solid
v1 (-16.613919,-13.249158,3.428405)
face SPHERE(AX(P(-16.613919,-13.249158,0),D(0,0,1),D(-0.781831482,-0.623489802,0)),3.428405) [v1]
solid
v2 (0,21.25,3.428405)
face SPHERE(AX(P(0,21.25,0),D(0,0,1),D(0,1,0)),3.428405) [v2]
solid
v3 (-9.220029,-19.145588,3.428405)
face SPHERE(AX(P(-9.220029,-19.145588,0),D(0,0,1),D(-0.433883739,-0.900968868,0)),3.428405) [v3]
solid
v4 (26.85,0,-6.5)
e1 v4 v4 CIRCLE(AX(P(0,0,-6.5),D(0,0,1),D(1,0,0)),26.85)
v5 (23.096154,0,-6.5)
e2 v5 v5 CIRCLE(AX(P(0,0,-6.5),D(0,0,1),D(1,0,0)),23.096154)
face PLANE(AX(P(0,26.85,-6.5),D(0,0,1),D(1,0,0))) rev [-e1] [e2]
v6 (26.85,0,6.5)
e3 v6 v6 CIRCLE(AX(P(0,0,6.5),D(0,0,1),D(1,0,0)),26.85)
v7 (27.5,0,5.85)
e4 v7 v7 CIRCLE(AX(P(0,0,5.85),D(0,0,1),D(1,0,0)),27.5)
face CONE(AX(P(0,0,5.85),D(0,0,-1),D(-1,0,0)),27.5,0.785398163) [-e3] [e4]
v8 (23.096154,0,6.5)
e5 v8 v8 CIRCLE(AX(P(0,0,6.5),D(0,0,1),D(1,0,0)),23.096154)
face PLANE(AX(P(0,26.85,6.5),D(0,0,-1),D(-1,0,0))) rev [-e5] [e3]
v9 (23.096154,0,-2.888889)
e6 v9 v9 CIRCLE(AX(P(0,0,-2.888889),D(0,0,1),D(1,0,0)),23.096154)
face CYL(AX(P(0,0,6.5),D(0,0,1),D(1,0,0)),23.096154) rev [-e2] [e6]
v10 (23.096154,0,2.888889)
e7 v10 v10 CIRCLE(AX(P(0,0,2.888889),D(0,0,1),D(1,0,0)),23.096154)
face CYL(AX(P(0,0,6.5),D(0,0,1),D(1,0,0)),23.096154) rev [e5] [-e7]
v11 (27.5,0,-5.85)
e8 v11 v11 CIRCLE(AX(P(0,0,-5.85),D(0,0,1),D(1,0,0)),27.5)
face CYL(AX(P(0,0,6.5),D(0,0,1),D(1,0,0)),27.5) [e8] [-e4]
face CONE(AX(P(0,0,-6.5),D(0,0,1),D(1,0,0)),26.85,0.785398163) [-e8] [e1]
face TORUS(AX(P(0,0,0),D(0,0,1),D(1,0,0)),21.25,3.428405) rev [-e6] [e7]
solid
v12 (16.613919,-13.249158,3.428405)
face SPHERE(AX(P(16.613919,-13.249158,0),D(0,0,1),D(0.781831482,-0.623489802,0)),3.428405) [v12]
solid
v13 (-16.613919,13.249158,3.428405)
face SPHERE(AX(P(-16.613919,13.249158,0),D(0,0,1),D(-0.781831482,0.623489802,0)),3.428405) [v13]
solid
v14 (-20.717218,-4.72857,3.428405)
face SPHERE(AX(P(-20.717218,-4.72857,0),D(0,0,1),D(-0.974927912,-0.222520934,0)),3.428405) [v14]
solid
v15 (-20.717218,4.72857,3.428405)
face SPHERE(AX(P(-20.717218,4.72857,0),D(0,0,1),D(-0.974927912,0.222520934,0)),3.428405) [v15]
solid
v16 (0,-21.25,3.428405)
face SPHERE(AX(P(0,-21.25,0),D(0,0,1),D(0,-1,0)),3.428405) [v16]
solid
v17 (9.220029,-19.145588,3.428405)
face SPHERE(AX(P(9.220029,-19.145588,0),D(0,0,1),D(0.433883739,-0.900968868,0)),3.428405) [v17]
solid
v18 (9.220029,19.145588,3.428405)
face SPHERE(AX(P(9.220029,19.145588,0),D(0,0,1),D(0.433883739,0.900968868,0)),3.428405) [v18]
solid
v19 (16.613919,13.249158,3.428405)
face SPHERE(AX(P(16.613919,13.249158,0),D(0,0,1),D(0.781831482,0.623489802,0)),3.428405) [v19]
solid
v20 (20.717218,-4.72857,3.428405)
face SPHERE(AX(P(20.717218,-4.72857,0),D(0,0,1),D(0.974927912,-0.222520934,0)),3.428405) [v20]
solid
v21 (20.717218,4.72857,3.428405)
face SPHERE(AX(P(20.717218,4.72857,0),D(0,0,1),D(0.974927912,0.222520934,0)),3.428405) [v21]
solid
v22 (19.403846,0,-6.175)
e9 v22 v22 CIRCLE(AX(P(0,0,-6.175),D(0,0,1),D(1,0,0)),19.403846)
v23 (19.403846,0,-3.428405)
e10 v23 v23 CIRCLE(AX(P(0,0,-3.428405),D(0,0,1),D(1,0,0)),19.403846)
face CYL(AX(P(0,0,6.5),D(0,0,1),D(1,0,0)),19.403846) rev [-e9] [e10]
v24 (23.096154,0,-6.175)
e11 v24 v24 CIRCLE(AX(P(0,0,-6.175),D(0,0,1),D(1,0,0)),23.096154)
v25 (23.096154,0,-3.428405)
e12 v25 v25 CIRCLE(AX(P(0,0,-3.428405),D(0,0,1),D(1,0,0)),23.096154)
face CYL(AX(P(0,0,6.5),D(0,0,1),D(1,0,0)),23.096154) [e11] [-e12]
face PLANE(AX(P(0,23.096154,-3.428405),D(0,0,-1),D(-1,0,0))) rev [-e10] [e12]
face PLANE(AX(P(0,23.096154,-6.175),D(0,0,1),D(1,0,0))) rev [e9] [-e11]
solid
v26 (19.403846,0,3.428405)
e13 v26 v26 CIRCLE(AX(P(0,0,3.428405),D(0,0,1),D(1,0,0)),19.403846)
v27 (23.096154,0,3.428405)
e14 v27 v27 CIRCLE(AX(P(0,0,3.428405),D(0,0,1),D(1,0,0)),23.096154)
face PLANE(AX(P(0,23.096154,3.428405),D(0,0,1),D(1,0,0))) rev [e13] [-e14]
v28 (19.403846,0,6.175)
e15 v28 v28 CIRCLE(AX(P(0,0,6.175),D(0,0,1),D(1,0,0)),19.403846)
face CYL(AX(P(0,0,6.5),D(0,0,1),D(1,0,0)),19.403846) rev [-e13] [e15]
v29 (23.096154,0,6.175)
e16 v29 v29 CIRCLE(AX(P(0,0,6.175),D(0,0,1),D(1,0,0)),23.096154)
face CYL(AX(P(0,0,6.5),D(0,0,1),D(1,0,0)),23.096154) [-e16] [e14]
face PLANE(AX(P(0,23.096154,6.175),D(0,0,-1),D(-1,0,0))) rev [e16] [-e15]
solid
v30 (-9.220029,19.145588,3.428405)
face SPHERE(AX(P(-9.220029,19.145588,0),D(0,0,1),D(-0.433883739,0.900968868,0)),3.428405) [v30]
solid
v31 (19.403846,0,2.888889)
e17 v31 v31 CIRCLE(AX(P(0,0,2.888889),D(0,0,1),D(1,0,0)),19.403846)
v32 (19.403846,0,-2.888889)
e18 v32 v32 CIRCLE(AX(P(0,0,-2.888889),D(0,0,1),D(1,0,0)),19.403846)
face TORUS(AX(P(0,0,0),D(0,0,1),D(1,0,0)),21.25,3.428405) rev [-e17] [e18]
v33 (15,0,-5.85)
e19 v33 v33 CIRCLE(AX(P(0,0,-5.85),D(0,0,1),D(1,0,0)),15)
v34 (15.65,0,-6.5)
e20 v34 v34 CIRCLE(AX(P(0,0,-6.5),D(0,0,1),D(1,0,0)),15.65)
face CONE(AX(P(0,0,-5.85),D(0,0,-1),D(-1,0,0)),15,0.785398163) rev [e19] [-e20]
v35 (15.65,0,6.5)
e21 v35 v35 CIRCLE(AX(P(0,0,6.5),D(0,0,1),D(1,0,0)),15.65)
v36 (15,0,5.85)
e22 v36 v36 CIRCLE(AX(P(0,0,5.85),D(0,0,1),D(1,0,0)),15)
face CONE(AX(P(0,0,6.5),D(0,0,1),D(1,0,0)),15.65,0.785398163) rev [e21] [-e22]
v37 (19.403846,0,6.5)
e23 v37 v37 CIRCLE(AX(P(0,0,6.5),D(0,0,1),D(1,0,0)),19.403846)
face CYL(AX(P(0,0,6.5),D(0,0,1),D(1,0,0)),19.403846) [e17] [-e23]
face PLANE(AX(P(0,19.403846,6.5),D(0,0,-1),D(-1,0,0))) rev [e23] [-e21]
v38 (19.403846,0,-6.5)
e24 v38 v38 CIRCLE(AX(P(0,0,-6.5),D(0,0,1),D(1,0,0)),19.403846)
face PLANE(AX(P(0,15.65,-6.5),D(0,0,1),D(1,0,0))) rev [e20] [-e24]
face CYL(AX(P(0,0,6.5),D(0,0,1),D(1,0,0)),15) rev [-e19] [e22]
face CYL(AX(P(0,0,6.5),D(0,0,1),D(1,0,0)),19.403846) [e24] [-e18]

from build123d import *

# Parameters (mm, degrees)
CIRPATTERN1_COUNT = 14
SKETCH6_W         = 2.74659468
SKETCH6_H         = 3.692307692


with BuildPart() as part:
    # Sketch1 → Revolve1 (revolve)
    with BuildSketch(Plane(origin=(0, 0, 0), x_dir=(0, 0, -1), z_dir=(1, 0, 0))):
        with BuildLine():
            Line((5.85, 27.5), (-5.85, 27.5))
            Line((-5.85, 27.5), (-6.5, 26.85))
            Line((-6.5, 26.85), (-6.5, 23.096153846))
            Line((-6.5, 23.096153846), (-2.888888889, 23.096153846))
            ThreePointArc((-2.888888889, 23.096153846), (0, 24.67840532), (2.888888889, 23.096153846))
            Line((2.888888889, 23.096153846), (6.5, 23.096153846))
            Line((6.5, 23.096153846), (6.5, 26.85))
            Line((6.5, 26.85), (5.85, 27.5))
        make_face()
    revolve(axis=Axis((0, 0, 6.5), (0, 0, -1)))


with BuildPart() as body_2:
    # Sketch3 → Revolve3 (revolve)
    with BuildSketch(Plane(origin=(0, 0, 0), x_dir=(0, 0, -1), z_dir=(1, 0, 0))):
        with BuildLine():
            Line((-6.5, 19.403846154), (-2.888888889, 19.403846154))
            ThreePointArc((-2.888888889, 19.403846154), (0, 17.82159468), (2.888888889, 19.403846154))
            Line((2.888888889, 19.403846154), (6.5, 19.403846154))
            Line((6.5, 19.403846154), (6.5, 15.65))
            Line((6.5, 15.65), (5.85, 15))
            Line((5.85, 15), (-5.85, 15))
            Line((-5.85, 15), (-6.5, 15.65))
            Line((-6.5, 15.65), (-6.5, 19.403846154))
        make_face()
    revolve(axis=Axis((0, 0, 6.5), (0, 0, -1)))


with BuildPart() as body_3:
    # Sketch4 → Revolve4 (revolve)
    with BuildSketch(Plane(origin=(0, 0, 0), x_dir=(0, 0, -1), z_dir=(1, 0, 0))):
        with BuildLine():
            Line((-3.42840532, 21.25), (3.42840532, 21.25))
            ThreePointArc((3.42840532, 21.25), (0, 24.67840532), (-3.42840532, 21.25))
        make_face()
    revolve(axis=Axis((0, 21.25, 3.42840532), (0, 0, -1)))


with BuildPart() as cirpattern1_1:
    # CirPattern1: pattern copy
    add(body_3.part.rotate(Axis((0, 0, -6.5), (0, 0, 1)), 1 * 360 / CIRPATTERN1_COUNT))


with BuildPart() as cirpattern1_2:
    # CirPattern1: pattern copy
    add(body_3.part.rotate(Axis((0, 0, -6.5), (0, 0, 1)), 2 * 360 / CIRPATTERN1_COUNT))


with BuildPart() as cirpattern1_3:
    # CirPattern1: pattern copy
    add(body_3.part.rotate(Axis((0, 0, -6.5), (0, 0, 1)), 3 * 360 / CIRPATTERN1_COUNT))


with BuildPart() as cirpattern1_4:
    # CirPattern1: pattern copy
    add(body_3.part.rotate(Axis((0, 0, -6.5), (0, 0, 1)), 4 * 360 / CIRPATTERN1_COUNT))


with BuildPart() as cirpattern1_5:
    # CirPattern1: pattern copy
    add(body_3.part.rotate(Axis((0, 0, -6.5), (0, 0, 1)), 5 * 360 / CIRPATTERN1_COUNT))


with BuildPart() as cirpattern1_6:
    # CirPattern1: pattern copy
    add(body_3.part.rotate(Axis((0, 0, -6.5), (0, 0, 1)), 6 * 360 / CIRPATTERN1_COUNT))


with BuildPart() as cirpattern1_7:
    # CirPattern1: pattern copy
    add(body_3.part.rotate(Axis((0, 0, -6.5), (0, 0, 1)), 7 * 360 / CIRPATTERN1_COUNT))


with BuildPart() as cirpattern1_8:
    # CirPattern1: pattern copy
    add(body_3.part.rotate(Axis((0, 0, -6.5), (0, 0, 1)), 8 * 360 / CIRPATTERN1_COUNT))


with BuildPart() as cirpattern1_9:
    # CirPattern1: pattern copy
    add(body_3.part.rotate(Axis((0, 0, -6.5), (0, 0, 1)), 9 * 360 / CIRPATTERN1_COUNT))


with BuildPart() as cirpattern1_10:
    # CirPattern1: pattern copy
    add(body_3.part.rotate(Axis((0, 0, -6.5), (0, 0, 1)), 10 * 360 / CIRPATTERN1_COUNT))


with BuildPart() as cirpattern1_11:
    # CirPattern1: pattern copy
    add(body_3.part.rotate(Axis((0, 0, -6.5), (0, 0, 1)), 11 * 360 / CIRPATTERN1_COUNT))


with BuildPart() as cirpattern1_12:
    # CirPattern1: pattern copy
    add(body_3.part.rotate(Axis((0, 0, -6.5), (0, 0, 1)), 12 * 360 / CIRPATTERN1_COUNT))


with BuildPart() as cirpattern1_13:
    # CirPattern1: pattern copy
    add(body_3.part.rotate(Axis((0, 0, -6.5), (0, 0, 1)), 13 * 360 / CIRPATTERN1_COUNT))


with BuildPart() as body_17:
    # Sketch6 → Revolve5 (revolve)
    with BuildSketch(Plane(origin=(0, 0, 0), x_dir=(0, 0, -1), z_dir=(1, 0, 0))):
        with Locations((-4.80170266, 21.25)):
            Rectangle(SKETCH6_W, SKETCH6_H)
        with Locations((4.80170266, 21.25)):
            Rectangle(SKETCH6_W, SKETCH6_H)
    revolve(axis=Axis((0, 0, 6.5), (0, 0, -1)))


solid = Compound([part.part, body_2.part, body_3.part, cirpattern1_1.part, cirpattern1_2.part, cirpattern1_3.part, cirpattern1_4.part, cirpattern1_5.part, cirpattern1_6.part, cirpattern1_7.part, cirpattern1_8.part, cirpattern1_9.part, cirpattern1_10.part, cirpattern1_11.part, cirpattern1_12.part, cirpattern1_13.part, body_17.part])
